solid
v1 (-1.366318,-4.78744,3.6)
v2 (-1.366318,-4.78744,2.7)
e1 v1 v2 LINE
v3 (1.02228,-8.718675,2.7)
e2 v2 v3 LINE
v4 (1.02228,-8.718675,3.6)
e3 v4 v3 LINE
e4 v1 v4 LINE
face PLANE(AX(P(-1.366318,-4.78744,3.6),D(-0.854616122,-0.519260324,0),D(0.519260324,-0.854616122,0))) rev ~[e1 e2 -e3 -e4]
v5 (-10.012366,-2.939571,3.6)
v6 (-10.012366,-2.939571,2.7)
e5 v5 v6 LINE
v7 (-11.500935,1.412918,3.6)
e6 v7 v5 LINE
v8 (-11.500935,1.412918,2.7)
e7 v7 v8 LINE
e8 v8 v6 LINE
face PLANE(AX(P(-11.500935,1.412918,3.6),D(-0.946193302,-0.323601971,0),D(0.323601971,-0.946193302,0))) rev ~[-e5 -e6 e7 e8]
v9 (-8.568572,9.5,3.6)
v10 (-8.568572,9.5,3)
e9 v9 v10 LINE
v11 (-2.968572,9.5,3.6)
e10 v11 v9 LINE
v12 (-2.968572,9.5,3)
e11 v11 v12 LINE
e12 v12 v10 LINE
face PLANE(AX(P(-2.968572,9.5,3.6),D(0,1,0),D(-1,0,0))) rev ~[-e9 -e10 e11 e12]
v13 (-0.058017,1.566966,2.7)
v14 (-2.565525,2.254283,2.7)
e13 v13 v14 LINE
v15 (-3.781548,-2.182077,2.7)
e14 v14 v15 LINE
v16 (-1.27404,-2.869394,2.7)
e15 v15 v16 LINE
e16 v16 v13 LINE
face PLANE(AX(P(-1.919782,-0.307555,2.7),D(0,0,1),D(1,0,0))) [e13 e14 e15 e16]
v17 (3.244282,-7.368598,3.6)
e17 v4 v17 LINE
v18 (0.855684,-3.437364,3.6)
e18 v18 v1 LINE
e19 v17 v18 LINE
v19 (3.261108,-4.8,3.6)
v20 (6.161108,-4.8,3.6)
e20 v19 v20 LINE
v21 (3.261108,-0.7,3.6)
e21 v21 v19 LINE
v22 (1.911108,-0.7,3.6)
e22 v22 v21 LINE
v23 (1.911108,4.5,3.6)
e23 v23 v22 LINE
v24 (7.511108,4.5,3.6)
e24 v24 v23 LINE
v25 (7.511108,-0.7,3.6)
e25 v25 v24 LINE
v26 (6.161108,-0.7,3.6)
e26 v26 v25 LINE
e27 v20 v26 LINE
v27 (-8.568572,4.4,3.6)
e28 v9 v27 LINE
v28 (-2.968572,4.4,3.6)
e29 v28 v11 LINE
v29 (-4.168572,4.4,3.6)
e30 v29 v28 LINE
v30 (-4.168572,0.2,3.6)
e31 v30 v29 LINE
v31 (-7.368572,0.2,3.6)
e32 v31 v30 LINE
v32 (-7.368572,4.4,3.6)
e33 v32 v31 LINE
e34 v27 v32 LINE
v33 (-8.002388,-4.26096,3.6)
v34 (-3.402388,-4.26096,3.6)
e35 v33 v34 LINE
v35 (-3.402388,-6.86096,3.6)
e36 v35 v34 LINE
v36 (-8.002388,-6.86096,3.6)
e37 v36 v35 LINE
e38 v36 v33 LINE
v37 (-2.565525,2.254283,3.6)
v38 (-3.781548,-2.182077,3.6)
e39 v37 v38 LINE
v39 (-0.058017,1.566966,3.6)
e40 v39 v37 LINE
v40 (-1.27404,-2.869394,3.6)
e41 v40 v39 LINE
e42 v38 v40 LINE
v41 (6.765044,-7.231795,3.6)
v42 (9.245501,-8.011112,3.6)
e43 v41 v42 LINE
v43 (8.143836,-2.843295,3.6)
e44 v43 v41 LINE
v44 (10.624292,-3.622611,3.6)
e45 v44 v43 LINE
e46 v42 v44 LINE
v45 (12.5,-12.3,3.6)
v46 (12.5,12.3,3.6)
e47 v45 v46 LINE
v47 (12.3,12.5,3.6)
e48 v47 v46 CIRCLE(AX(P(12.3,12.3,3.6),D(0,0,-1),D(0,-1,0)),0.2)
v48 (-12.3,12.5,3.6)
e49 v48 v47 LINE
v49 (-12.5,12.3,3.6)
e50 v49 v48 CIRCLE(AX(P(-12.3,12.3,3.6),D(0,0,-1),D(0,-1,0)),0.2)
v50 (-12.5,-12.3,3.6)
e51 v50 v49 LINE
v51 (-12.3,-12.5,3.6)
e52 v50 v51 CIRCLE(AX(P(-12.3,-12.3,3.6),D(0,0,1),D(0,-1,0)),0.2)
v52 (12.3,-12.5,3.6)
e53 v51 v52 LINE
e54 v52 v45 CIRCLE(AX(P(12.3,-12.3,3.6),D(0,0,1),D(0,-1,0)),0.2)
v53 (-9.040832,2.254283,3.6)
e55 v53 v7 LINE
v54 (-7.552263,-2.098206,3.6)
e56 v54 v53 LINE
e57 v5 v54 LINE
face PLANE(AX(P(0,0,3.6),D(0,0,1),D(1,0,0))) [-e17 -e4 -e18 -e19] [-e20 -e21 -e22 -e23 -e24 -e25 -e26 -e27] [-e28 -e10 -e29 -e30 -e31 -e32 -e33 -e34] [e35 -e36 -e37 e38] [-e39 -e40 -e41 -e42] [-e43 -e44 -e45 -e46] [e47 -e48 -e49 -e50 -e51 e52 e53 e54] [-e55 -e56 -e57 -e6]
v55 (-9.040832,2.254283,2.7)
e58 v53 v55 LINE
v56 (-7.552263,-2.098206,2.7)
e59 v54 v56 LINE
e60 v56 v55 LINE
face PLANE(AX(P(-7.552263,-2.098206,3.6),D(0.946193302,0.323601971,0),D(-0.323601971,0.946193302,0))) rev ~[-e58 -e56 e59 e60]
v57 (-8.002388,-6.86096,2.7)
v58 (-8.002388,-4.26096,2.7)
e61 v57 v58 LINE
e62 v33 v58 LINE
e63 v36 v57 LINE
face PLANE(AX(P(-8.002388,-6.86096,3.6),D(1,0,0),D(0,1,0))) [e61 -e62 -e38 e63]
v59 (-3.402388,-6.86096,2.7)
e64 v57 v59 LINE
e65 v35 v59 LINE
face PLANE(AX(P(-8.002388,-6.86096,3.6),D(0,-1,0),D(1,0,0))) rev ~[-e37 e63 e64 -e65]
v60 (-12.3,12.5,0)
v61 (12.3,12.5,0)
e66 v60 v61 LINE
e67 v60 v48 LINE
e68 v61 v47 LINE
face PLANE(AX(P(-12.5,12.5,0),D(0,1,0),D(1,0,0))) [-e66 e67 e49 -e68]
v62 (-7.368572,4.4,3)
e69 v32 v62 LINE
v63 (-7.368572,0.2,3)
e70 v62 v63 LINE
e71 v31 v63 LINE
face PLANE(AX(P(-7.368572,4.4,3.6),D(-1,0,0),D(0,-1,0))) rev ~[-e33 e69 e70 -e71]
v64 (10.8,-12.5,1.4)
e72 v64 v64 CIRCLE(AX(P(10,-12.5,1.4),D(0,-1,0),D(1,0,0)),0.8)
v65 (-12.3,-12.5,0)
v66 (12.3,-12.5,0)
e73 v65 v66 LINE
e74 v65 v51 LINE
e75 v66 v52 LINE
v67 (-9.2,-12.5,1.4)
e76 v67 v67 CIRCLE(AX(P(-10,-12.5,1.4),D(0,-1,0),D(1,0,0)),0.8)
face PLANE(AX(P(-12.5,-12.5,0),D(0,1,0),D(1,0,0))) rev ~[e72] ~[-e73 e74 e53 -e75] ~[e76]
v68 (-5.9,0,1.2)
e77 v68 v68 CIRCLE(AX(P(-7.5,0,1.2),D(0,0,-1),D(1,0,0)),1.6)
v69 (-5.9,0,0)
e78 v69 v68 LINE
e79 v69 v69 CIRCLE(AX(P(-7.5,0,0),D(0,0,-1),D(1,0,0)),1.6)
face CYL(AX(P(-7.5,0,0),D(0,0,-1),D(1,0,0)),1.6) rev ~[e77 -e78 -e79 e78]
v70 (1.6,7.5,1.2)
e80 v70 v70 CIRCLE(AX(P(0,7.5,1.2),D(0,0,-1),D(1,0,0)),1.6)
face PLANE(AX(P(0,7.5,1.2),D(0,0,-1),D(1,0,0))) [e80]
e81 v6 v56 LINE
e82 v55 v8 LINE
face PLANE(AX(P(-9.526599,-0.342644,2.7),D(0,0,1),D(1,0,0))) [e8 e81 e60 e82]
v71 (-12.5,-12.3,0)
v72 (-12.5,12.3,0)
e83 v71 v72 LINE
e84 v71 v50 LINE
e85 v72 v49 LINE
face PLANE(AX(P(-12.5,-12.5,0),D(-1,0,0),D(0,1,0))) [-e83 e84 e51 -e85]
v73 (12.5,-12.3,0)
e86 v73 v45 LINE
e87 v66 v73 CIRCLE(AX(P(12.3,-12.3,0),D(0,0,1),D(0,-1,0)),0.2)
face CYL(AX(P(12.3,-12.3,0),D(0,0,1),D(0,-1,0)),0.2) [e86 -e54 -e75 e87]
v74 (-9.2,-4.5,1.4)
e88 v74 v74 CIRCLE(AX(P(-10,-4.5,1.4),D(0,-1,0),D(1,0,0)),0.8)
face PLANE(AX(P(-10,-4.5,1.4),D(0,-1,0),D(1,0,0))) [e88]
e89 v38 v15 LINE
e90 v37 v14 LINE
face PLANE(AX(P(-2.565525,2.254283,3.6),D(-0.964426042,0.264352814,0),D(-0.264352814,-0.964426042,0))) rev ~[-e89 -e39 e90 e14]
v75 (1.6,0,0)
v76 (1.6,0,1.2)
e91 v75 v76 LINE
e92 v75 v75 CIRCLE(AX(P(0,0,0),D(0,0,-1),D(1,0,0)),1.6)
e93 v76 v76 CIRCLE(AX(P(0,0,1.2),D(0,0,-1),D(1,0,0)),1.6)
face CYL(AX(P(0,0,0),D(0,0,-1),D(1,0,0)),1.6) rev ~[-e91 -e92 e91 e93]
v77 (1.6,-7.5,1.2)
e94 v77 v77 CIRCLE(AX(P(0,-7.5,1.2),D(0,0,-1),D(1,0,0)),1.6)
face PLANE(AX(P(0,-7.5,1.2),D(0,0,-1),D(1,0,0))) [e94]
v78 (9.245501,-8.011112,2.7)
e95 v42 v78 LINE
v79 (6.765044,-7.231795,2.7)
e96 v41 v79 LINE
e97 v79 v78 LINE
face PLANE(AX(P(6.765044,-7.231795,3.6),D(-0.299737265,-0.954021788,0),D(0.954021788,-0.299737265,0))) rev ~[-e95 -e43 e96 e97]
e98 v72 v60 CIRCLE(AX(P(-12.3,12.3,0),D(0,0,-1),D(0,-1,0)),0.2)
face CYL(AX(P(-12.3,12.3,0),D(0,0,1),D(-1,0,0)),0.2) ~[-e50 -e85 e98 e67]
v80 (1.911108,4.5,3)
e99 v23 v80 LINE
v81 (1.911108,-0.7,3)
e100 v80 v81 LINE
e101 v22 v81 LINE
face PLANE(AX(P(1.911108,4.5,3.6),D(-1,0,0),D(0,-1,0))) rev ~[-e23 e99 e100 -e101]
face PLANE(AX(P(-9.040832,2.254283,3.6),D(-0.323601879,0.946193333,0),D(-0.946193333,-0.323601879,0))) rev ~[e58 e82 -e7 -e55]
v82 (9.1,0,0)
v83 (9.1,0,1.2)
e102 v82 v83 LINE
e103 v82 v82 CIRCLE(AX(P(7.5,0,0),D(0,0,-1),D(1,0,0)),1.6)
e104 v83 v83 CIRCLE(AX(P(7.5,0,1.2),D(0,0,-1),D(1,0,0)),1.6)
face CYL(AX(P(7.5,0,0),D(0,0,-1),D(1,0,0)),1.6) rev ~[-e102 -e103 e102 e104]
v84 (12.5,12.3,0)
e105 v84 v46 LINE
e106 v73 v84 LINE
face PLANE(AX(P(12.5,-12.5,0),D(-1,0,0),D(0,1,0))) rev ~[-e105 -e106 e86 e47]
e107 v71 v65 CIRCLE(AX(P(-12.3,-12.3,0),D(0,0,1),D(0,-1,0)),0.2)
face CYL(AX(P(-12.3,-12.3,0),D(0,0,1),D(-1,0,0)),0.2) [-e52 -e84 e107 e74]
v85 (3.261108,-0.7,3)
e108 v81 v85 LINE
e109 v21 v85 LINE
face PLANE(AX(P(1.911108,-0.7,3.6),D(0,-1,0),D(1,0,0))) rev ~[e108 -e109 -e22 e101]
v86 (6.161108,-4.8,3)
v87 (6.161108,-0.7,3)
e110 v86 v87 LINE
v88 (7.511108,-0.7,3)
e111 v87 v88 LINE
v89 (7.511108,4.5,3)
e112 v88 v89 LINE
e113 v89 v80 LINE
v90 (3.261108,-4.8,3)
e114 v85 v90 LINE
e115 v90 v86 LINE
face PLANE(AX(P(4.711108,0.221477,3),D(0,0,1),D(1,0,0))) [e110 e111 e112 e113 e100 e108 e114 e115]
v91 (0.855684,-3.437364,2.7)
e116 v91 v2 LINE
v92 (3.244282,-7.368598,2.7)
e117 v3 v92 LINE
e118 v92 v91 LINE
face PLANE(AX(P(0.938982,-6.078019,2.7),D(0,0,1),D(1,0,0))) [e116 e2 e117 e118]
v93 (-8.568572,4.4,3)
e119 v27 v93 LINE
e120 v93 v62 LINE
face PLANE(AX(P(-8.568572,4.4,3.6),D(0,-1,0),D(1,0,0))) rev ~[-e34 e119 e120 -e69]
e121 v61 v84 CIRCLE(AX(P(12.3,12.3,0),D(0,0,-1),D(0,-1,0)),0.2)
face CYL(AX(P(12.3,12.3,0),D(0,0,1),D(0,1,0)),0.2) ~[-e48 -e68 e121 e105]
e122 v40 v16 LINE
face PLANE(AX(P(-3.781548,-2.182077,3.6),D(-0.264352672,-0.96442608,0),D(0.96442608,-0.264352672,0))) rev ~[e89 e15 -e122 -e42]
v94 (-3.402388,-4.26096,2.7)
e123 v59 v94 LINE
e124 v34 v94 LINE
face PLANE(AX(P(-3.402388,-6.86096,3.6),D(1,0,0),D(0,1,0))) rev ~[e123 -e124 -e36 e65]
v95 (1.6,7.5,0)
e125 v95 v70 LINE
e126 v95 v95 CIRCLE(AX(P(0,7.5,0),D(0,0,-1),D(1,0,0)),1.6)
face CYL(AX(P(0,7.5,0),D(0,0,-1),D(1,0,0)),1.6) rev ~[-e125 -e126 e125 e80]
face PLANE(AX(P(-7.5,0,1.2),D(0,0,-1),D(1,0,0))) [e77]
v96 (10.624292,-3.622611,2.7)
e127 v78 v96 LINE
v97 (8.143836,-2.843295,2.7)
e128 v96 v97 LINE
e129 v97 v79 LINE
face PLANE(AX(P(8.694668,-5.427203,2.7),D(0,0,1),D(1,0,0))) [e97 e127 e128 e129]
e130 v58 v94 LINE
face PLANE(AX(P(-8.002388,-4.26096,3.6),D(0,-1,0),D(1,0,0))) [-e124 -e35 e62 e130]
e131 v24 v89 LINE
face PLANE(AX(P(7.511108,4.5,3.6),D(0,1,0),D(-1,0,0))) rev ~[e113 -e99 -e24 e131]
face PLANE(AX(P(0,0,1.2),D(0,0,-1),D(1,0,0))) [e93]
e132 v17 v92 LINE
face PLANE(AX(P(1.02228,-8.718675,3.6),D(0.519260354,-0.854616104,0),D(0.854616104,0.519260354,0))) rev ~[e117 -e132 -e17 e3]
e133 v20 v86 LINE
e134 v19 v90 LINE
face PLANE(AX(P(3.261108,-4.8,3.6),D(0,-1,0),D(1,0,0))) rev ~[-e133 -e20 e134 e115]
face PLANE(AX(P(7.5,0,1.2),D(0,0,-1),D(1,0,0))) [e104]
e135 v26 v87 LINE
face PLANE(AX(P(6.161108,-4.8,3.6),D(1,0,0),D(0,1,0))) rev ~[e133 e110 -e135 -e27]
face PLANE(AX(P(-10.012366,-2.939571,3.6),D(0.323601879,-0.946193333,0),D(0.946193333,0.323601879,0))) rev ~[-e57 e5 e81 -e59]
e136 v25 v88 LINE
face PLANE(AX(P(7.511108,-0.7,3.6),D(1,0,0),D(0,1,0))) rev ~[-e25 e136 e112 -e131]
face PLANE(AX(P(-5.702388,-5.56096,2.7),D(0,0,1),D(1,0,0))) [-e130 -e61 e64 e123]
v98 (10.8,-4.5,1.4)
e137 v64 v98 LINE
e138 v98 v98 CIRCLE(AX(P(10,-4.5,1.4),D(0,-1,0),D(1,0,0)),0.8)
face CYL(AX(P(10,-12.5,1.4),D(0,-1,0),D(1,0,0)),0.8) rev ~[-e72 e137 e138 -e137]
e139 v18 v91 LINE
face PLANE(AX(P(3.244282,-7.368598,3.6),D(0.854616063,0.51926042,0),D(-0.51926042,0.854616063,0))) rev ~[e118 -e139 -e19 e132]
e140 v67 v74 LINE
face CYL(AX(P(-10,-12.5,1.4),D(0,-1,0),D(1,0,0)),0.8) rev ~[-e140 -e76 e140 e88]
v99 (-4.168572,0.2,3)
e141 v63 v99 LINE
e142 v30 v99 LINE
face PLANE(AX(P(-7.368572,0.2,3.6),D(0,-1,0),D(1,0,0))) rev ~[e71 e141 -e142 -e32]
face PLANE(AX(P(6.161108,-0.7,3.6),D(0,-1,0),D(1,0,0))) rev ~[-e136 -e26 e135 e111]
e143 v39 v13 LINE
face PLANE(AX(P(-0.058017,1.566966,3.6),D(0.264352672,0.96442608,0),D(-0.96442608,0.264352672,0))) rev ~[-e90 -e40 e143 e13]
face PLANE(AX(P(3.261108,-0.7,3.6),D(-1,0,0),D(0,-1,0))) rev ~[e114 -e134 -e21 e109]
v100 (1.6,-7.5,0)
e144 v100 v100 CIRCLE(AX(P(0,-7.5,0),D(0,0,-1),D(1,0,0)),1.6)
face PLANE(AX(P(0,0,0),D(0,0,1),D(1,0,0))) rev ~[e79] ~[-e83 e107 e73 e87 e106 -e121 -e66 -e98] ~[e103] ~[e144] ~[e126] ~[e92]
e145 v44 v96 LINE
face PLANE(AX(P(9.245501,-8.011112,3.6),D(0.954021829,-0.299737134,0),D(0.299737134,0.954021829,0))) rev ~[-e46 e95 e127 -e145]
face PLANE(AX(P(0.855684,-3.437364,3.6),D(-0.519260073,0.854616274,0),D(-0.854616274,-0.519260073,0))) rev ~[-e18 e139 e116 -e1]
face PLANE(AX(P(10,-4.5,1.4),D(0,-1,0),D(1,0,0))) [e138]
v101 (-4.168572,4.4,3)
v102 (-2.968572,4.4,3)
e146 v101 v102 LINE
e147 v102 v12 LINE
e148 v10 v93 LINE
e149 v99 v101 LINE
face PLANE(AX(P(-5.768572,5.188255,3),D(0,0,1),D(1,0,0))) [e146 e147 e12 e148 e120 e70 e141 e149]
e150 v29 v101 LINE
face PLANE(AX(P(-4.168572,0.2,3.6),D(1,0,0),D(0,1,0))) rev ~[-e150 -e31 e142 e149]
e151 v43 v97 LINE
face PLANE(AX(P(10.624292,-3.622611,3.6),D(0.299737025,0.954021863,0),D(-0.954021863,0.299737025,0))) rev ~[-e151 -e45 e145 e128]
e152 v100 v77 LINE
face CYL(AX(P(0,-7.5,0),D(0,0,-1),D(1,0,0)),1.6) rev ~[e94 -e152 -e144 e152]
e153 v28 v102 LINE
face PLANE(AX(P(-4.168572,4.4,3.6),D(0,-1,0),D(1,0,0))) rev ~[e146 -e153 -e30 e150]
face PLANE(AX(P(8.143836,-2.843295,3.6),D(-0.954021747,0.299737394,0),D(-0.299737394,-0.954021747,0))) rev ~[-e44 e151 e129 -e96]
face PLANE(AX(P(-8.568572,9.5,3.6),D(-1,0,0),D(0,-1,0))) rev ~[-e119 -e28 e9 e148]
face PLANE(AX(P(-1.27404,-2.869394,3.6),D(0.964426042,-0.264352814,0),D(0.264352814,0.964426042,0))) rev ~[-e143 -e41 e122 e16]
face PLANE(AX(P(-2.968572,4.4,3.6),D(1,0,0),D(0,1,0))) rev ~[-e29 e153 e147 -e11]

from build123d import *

# Parameters (mm, degrees)
F0_W      = 25
F0_H      = 25
F1_DEPTH  = 3.6
F3_DEPTH  = 0.6
F4_W      = 4.6
F4_H      = 2.6
F5_DEPTH  = 0.9
F6_R      = 1.6
F7_DEPTH  = 1.2
F8_R      = 0.2
F9_R      = 0.8
F10_DEPTH = 8


with BuildPart() as f1:
    # F0 (on Top) → F1 (new body)
    with BuildSketch(Plane.XY):
        Rectangle(F0_W, F0_H)
    extrude(amount=F1_DEPTH)

    # F2 (on face) → F3 (cut)
    with BuildSketch(Plane.XY.offset(3.6)):
        Polygon((-2.968572, 9.5), (-8.568572, 9.5), (-8.568572, 4.4), (-7.368572, 4.4), (-7.368572, 0.2), (-4.168572, 0.2), (-4.168572, 4.4), (-2.968572, 4.4), align=None)
        Polygon((7.511108, 4.5), (1.911108, 4.5), (1.911108, -0.7), (3.261108, -0.7), (3.261108, -4.8), (6.161108, -4.8), (6.161108, -0.7), (7.511108, -0.7), align=None)
    extrude(amount=-F3_DEPTH, mode=Mode.SUBTRACT)

    # F4 (on face) → F5 (cut)
    with BuildSketch(Plane.XY.offset(3.6)):
        Polygon((-7.552263, -2.098206), (-9.040832, 2.254283), (-11.500935, 1.412918), (-10.012366, -2.939571), align=None)
        Polygon((-0.058017, 1.566966), (-2.565525, 2.254283), (-3.781548, -2.182077), (-1.27404, -2.869394), align=None)
        Polygon((0.855684, -3.437364), (-1.366318, -4.78744), (1.02228, -8.718675), (3.244282, -7.368598), align=None)
        Polygon((10.624292, -3.622611), (8.143836, -2.843295), (6.765044, -7.231795), (9.245501, -8.011112), align=None)
        with Locations((-5.702388, -5.56096)):
            Rectangle(F4_W, F4_H)
    extrude(amount=-F5_DEPTH, mode=Mode.SUBTRACT)

    # F6 (on face) → F7 (cut)
    with BuildSketch(Plane(origin=(0, 0, 0), x_dir=(1, 0, 0), z_dir=(0, 0, -1))):
        with Locations((0, 7.5)):
            Circle(F6_R)
        Circle(F6_R)
        with Locations((0, -7.5)):
            Circle(F6_R)
        with Locations((-7.5, 0)):
            Circle(F6_R)
        with Locations((7.5, 0)):
            Circle(F6_R)
    extrude(amount=-F7_DEPTH, mode=Mode.SUBTRACT)

    # F8
    f8_edges = [f1.edges().sort_by_distance(p)[0] for p in [
        (-12.5, -12.5, 1.8),
        (12.5, -12.5, 1.8),
        (12.5, 12.5, 1.8),
        (-12.5, 12.5, 1.8),
    ]]
    fillet(f8_edges, radius=F8_R)

    # F9 (on face) → F10 (cut)
    with BuildSketch(Plane.XZ.offset(12.5)):
        with Locations((-10, 1.4)):
            Circle(F9_R)
        with Locations((10, 1.4)):
            Circle(F9_R)
    extrude(amount=-F10_DEPTH, mode=Mode.SUBTRACT)


solid = f1.part
